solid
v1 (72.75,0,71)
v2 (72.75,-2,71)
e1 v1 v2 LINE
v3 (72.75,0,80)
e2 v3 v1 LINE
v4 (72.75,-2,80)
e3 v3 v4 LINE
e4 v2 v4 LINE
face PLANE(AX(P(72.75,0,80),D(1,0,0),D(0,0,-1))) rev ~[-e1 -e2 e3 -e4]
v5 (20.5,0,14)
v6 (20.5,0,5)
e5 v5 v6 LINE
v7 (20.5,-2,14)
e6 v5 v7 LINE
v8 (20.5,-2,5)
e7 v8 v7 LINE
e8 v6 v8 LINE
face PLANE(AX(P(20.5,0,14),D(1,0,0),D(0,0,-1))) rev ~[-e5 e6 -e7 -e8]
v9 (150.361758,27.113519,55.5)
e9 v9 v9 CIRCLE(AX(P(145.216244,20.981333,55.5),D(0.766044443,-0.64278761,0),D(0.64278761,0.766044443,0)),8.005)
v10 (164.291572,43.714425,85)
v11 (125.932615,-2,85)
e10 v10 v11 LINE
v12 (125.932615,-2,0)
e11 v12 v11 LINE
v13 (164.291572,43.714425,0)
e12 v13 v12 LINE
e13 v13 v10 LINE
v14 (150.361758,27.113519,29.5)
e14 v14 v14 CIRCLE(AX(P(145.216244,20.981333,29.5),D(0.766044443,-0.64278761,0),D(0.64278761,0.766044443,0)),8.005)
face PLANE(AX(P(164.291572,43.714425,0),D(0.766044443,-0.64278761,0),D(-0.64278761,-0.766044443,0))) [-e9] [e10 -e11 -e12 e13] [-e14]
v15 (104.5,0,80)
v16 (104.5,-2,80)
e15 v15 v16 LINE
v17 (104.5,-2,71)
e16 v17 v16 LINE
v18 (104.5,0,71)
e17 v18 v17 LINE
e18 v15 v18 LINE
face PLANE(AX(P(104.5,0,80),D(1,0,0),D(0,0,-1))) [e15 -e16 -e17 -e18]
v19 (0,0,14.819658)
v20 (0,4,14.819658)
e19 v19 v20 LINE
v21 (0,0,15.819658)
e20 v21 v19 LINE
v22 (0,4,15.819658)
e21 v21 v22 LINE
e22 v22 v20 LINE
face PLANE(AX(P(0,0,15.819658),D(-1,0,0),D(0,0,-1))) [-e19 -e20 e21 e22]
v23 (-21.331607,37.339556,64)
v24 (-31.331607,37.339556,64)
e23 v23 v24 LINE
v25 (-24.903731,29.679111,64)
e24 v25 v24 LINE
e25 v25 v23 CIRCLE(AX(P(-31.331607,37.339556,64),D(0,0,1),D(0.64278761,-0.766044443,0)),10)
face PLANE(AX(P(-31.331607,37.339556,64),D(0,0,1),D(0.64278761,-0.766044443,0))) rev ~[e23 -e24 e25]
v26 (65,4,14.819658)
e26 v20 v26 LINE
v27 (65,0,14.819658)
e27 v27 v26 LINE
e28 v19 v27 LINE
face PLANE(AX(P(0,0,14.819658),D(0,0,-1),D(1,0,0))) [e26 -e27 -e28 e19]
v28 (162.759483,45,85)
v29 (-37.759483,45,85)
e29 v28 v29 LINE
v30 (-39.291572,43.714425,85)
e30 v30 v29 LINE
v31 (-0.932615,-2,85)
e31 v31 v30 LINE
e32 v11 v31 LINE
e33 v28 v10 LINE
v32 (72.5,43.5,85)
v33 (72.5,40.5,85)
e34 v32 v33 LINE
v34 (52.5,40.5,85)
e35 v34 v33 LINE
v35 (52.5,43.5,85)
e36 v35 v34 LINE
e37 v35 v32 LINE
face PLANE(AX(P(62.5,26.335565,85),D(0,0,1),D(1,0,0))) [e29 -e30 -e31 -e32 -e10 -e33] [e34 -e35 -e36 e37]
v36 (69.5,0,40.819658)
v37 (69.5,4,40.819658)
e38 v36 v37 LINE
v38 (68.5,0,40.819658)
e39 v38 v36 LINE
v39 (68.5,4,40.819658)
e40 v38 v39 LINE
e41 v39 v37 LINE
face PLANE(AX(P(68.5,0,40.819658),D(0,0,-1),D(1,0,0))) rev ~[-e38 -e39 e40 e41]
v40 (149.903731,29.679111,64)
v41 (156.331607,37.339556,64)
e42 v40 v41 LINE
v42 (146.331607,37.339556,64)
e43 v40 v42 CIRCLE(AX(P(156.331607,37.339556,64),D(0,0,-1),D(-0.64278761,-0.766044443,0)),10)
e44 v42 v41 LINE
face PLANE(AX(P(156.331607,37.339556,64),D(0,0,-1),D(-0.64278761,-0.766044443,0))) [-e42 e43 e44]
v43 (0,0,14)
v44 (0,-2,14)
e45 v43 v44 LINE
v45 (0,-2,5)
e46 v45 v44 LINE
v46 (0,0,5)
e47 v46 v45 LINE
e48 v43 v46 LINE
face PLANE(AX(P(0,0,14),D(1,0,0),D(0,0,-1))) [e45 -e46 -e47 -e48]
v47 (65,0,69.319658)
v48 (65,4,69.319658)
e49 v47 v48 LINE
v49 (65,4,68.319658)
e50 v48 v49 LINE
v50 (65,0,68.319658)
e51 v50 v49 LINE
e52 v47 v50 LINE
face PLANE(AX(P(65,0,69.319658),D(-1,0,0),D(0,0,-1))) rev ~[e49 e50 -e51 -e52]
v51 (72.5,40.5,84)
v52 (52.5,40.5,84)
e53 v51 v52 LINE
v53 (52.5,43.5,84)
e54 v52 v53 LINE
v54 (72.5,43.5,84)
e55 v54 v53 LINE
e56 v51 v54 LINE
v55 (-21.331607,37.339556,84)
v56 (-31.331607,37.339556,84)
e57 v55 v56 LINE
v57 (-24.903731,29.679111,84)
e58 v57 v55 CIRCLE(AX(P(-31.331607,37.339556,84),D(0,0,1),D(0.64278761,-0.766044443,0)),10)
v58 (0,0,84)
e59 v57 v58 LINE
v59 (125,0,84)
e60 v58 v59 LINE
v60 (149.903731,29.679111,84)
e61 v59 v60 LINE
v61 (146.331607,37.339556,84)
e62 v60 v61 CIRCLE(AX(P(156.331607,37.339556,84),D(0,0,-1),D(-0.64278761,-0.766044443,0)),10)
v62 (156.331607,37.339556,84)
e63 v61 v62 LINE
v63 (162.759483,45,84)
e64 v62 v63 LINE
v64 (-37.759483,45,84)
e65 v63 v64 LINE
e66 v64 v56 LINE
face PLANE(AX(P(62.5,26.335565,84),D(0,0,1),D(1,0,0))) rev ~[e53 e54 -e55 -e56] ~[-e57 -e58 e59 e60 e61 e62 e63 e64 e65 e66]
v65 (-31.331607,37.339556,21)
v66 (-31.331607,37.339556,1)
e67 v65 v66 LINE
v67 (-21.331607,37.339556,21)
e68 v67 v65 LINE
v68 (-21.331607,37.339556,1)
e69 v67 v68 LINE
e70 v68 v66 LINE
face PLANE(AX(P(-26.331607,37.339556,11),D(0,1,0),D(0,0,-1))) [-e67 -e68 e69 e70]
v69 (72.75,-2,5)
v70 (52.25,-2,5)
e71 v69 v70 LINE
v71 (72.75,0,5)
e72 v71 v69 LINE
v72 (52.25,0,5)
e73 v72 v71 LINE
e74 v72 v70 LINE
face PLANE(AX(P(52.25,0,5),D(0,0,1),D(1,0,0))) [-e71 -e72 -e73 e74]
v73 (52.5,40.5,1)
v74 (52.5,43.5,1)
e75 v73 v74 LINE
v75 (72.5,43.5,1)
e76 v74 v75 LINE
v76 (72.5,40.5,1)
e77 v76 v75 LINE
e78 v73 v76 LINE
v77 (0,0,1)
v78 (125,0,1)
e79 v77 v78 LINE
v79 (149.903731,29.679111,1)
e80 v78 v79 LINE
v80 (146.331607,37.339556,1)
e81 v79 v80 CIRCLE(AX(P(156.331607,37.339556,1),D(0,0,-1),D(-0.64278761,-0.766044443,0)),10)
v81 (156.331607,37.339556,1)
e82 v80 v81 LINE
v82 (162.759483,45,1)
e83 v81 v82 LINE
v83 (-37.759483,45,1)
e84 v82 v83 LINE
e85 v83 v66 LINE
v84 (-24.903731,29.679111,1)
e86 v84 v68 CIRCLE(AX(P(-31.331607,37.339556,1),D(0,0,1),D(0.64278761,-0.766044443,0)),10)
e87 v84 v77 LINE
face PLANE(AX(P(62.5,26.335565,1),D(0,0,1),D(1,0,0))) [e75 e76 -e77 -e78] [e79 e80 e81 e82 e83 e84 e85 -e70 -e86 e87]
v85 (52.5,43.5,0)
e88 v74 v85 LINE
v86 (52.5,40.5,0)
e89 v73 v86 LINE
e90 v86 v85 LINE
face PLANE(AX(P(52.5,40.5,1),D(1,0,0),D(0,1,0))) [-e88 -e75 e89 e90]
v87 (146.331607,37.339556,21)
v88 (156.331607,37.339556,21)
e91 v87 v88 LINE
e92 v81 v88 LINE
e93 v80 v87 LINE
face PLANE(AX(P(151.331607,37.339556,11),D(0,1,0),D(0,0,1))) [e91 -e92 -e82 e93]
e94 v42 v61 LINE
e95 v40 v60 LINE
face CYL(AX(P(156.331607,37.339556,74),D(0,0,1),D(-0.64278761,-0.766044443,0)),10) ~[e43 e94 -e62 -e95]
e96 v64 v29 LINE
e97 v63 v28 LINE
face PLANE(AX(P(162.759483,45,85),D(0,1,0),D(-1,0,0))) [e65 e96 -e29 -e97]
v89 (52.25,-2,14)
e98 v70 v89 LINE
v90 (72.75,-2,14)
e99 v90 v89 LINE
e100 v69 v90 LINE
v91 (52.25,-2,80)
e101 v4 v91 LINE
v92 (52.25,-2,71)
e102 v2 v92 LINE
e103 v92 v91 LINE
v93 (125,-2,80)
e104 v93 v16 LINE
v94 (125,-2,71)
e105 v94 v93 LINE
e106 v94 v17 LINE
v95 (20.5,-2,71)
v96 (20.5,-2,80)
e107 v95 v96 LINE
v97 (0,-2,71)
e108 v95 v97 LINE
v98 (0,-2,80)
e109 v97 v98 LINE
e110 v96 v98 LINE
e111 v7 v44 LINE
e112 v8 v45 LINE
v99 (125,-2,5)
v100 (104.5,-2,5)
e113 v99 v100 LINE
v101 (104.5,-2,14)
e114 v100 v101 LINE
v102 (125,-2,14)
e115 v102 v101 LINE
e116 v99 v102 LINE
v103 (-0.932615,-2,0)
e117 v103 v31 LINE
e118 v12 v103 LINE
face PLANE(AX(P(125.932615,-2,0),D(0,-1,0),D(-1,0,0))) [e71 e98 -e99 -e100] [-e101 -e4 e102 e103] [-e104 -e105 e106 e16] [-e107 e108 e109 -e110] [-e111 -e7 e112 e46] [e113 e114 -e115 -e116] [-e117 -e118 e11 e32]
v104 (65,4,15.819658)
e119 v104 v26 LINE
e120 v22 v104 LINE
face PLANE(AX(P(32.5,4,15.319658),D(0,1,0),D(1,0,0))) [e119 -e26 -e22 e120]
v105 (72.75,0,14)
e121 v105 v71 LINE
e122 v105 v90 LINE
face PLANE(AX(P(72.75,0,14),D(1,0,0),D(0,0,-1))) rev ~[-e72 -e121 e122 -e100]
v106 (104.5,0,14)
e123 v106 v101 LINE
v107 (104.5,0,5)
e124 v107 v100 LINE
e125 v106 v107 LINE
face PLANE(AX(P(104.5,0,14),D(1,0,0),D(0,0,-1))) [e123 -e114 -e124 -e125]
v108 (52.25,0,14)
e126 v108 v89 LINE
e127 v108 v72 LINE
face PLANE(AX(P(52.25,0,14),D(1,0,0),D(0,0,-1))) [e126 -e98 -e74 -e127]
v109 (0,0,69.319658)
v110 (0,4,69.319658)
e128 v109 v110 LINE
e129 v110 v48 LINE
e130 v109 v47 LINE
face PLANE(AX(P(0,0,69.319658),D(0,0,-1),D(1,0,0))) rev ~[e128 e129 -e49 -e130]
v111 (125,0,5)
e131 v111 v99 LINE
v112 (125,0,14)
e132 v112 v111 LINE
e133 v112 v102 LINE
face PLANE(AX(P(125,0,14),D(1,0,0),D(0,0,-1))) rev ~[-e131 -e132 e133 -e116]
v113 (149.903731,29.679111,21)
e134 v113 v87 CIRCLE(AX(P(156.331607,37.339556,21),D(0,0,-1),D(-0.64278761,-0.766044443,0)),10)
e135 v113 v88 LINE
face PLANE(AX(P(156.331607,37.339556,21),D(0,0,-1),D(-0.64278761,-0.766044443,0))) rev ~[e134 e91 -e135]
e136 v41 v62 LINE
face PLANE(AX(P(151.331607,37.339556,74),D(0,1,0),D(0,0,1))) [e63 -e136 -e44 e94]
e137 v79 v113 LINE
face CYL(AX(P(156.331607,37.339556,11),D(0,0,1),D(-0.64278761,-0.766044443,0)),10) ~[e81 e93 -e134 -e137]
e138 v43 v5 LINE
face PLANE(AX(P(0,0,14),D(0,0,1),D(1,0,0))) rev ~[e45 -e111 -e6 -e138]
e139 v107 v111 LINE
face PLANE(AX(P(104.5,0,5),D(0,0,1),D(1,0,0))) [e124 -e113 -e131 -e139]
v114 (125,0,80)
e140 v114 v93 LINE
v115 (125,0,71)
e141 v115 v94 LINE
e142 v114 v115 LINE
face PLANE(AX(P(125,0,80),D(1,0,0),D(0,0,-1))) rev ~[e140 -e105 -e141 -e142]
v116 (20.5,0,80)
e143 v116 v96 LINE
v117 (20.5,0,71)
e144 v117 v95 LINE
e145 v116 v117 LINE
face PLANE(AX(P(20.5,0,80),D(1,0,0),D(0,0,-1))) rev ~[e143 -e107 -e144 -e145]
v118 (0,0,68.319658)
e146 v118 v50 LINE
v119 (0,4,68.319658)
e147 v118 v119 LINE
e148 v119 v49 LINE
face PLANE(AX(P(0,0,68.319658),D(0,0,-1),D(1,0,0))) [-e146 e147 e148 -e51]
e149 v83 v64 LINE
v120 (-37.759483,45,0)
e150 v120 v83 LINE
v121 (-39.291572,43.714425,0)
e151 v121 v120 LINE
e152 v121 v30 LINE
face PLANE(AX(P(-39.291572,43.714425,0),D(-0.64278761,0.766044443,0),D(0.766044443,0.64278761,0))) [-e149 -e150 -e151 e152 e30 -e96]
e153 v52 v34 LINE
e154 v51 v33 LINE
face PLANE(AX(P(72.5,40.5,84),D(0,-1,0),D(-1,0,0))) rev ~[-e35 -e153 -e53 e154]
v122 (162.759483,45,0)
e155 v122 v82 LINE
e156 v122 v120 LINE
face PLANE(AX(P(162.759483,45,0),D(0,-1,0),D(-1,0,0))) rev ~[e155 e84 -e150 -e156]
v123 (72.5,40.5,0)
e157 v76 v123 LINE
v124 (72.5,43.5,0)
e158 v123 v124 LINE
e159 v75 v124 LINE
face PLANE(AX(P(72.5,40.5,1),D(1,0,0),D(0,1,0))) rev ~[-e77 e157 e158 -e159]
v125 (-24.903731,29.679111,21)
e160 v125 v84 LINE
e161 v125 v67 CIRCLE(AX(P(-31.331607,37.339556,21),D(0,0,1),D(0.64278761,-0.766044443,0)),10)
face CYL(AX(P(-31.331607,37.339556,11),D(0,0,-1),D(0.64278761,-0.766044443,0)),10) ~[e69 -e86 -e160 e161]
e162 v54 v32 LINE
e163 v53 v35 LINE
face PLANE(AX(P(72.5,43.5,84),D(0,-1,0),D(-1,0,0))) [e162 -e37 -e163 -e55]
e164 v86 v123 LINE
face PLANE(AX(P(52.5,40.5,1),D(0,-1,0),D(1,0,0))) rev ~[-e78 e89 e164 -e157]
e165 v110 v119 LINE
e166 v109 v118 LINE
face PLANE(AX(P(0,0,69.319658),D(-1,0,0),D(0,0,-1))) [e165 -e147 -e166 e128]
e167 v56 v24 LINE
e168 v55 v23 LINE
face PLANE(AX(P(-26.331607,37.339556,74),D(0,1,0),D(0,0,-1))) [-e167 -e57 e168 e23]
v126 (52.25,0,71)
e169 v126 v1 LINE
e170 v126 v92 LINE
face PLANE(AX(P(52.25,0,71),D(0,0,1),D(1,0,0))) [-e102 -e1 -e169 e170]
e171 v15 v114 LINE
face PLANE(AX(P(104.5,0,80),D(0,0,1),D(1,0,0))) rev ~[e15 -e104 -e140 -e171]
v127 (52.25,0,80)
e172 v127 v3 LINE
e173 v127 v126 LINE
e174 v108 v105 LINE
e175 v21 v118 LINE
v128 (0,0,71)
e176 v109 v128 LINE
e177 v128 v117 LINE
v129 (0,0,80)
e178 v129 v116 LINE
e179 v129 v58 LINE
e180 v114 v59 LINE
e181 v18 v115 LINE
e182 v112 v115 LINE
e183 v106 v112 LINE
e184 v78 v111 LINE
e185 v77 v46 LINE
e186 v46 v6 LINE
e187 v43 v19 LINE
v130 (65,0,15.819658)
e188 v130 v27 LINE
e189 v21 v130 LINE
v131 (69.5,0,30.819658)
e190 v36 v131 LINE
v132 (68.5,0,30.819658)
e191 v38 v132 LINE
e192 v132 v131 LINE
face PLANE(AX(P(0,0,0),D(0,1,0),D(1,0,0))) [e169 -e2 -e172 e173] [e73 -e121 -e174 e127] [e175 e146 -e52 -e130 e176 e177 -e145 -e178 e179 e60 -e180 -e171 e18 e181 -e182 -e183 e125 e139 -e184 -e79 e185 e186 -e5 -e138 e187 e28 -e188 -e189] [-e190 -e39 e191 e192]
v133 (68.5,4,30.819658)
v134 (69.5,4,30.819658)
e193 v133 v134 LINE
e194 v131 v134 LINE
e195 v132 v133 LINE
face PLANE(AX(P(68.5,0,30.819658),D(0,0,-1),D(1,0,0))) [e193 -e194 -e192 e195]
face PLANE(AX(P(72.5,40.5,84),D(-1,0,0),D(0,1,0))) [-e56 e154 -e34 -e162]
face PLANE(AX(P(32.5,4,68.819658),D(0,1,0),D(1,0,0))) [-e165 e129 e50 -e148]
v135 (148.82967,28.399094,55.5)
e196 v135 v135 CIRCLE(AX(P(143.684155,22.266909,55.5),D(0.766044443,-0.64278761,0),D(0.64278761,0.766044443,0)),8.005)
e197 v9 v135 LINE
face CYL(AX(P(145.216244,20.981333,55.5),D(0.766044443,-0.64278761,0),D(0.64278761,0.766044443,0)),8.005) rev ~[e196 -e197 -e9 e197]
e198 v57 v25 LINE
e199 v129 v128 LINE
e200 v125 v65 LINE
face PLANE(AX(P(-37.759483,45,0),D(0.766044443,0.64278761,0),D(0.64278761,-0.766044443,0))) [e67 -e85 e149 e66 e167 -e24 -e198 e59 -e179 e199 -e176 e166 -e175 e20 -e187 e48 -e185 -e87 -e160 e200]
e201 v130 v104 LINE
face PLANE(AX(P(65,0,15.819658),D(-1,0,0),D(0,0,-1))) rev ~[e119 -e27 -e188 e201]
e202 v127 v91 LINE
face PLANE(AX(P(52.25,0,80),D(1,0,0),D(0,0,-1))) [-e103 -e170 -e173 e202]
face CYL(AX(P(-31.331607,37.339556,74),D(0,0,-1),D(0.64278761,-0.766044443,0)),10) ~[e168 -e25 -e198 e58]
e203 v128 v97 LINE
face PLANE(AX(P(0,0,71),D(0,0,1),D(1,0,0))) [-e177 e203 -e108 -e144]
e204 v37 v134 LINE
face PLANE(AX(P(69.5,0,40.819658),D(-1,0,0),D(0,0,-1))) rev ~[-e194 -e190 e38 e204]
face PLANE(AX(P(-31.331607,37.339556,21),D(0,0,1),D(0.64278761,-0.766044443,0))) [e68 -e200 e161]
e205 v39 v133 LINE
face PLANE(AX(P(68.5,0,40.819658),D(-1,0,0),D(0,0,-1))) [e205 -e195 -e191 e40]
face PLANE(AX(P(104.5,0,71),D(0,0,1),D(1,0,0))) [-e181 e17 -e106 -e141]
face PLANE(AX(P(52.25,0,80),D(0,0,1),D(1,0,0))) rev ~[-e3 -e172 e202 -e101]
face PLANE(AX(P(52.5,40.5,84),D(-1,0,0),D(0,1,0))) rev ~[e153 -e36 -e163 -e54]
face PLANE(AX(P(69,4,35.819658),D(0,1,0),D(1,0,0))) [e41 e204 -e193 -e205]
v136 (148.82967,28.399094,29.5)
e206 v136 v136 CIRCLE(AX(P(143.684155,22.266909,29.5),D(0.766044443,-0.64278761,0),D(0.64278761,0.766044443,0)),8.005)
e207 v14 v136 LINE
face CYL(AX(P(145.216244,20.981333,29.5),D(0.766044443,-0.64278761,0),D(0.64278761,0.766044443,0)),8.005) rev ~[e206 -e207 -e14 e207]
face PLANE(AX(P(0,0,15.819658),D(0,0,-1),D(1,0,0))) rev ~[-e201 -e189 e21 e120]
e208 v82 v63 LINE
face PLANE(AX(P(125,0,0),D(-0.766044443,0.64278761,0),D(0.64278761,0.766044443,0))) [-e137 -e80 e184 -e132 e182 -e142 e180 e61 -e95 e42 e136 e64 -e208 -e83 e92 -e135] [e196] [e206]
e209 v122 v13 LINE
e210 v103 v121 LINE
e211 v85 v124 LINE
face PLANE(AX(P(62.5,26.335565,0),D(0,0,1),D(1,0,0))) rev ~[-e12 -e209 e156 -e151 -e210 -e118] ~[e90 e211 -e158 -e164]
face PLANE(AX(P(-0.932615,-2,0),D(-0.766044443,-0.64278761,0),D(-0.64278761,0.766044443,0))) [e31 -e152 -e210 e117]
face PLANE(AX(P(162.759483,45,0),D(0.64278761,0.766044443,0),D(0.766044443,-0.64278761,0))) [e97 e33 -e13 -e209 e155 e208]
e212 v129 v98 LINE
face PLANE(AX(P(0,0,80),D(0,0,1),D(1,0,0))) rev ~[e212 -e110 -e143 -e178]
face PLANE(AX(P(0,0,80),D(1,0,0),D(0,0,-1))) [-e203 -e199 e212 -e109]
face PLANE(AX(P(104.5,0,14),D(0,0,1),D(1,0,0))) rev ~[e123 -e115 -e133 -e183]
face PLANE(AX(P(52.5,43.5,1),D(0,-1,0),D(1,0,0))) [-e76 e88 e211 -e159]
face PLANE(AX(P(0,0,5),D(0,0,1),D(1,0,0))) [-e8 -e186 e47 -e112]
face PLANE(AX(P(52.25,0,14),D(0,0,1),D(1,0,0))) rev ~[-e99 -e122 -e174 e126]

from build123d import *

# Parameters (mm, degrees)
EXTRU_MINCE1_DEPTH      = 85
BOSS_EXTRU_1_DEPTH      = 1
BOSS_EXTRU_2_DEPTH      = 1
ESQUISSE7_W             = 20
ESQUISSE7_H             = 10
R_VOL_MINCE1_ANGLE      = 50
ESQUISSE8_W             = 20
ESQUISSE8_H             = 10
R_VOL_MINCE2_ANGLE      = 50
ESQUISSE9_W             = 20
ESQUISSE9_H             = 10
R_VOL_MINCE3_ANGLE      = 50
ESQUISSE10_W            = 20
ESQUISSE10_H            = 10
R_VOL_MINCE4_ANGLE      = 50
ESQUISSE12_W            = 20.5
ESQUISSE12_H            = 9
ENL_V_MAT_EXTRU_2_DEPTH = 10
ESQUISSE13_W            = 20.5
ESQUISSE13_H            = 9
ENL_V_MAT_EXTRU_3_DEPTH = 10
ESQUISSE14_W            = 65
ESQUISSE14_H            = 1
EXTRU_MINCE2_DEPTH      = 4
ESQUISSE15_W            = 1
ESQUISSE15_H            = 10
EXTRU_MINCE3_DEPTH      = 4
ESQUISSE16_W            = 20
ESQUISSE16_H            = 3
ENL_V_MAT_EXTRU_4_DEPTH = 10
ESQUISSE17_W            = 20
ESQUISSE17_H            = 3
ENL_V_MAT_EXTRU_5_DEPTH = 10
ESQUISSE19_R            = 8.005
ENL_V_MAT_EXTRU_6_DEPTH = 10


with BuildPart() as part:
    # Esquisse3 → Extru.-Mince1 (new body)
    with BuildSketch(Plane.XY):
        Polygon((-37.759483403, 45), (0, 0), (125, 0), (162.759483403, 45), (164.291572289, 43.714424781), (125.932615316, -2), (-0.932615316, -2), (-39.291572289, 43.714424781), align=None)
    extrude(amount=EXTRU_MINCE1_DEPTH)

    # Esquisse5 → Boss.-Extru.1 (add)
    with BuildSketch(Plane(origin=(0, 0, 0), x_dir=(-1, 0, 0), z_dir=(0, 0, -1))):
        Polygon((-162.759483403, 45), (37.759483403, 45), (0, 0), (-125, 0), align=None)
    extrude(amount=-BOSS_EXTRU_1_DEPTH)

    # Esquisse6 → Boss.-Extru.2 (add)
    with BuildSketch(Plane.XY.offset(85)):
        Polygon((162.759483403, 45), (-37.759483403, 45), (0, 0), (125, 0), align=None)
    extrude(amount=-BOSS_EXTRU_2_DEPTH)

    # Esquisse7 → Révol.-Mince1 (revolve)
    with BuildSketch(Plane(origin=(0, 0, 0), x_dir=(0, 0, -1), z_dir=(0.7660444431189791, 0.642787609686538, 0))):
        with Locations((-74, 43.74332802)):
            Rectangle(ESQUISSE7_W, ESQUISSE7_H)
    revolve(axis=Axis((-31.331607306, 37.339555569, 84), (0, 0, 1)), revolution_arc=R_VOL_MINCE1_ANGLE)

    # Esquisse8 → Révol.-Mince2 (revolve)
    with BuildSketch(Plane(origin=(0, 0, 0), x_dir=(0, 0, -1), z_dir=(0.7660444431189791, 0.642787609686538, 0))):
        with Locations((-11, 43.74332802)):
            Rectangle(ESQUISSE8_W, ESQUISSE8_H)
    revolve(axis=Axis((-31.331607306, 37.339555569, 1), (0, 0, 1)), revolution_arc=R_VOL_MINCE2_ANGLE)

    # Esquisse9 → Révol.-Mince3 (revolve)
    with BuildSketch(Plane(origin=(73.353011104, -61.550484563, 0), x_dir=(0, 0, 1), z_dir=(-0.7660444431189796, 0.6427876096865375, 0))):
        with Locations((74, 124.091779231)):
            Rectangle(ESQUISSE9_W, ESQUISSE9_H)
    revolve(axis=Axis((156.331607306, 37.339555569, 84), (0, 0, -1)), revolution_arc=R_VOL_MINCE3_ANGLE)

    # Esquisse10 → Révol.-Mince4 (revolve)
    with BuildSketch(Plane(origin=(73.353011104, -61.550484563, 0), x_dir=(0, 0, 1), z_dir=(-0.7660444431189796, 0.6427876096865375, 0))):
        with Locations((11, 124.091779231)):
            Rectangle(ESQUISSE10_W, ESQUISSE10_H)
    revolve(axis=Axis((156.331607306, 37.339555569, 1), (0, 0, -1)), revolution_arc=R_VOL_MINCE4_ANGLE)

    # Esquisse12 → Enlèv. mat.-Extru.2 (cut)
    with BuildSketch(Plane(origin=(0, 0, 0), x_dir=(1, 0, 0), z_dir=(0, 1, 0))):
        with Locations((10.25, -9.5)):
            Rectangle(ESQUISSE12_W, ESQUISSE12_H)
        with Locations((10.25, -75.5)):
            Rectangle(ESQUISSE12_W, ESQUISSE12_H)
        with Locations((114.75, -9.5)):
            Rectangle(ESQUISSE12_W, ESQUISSE12_H)
        with Locations((114.75, -75.5)):
            Rectangle(ESQUISSE12_W, ESQUISSE12_H)
    extrude(amount=-ENL_V_MAT_EXTRU_2_DEPTH, mode=Mode.SUBTRACT)

    # Esquisse13 → Enlèv. mat.-Extru.3 (cut)
    with BuildSketch(Plane(origin=(0, 0, 0), x_dir=(1, 0, 0), z_dir=(0, 1, 0))):
        with Locations((62.5, -9.5)):
            Rectangle(ESQUISSE13_W, ESQUISSE13_H)
        with Locations((62.5, -75.5)):
            Rectangle(ESQUISSE13_W, ESQUISSE13_H)
    extrude(amount=-ENL_V_MAT_EXTRU_3_DEPTH, mode=Mode.SUBTRACT)

    # Esquisse14 → Extru.-Mince2 (add)
    with BuildSketch(Plane(origin=(0, 0, 0), x_dir=(1, 0, 0), z_dir=(0, 1, 0))):
        with Locations((32.5, -15.319657918)):
            Rectangle(ESQUISSE14_W, ESQUISSE14_H)
        with Locations((32.5, -68.819657918)):
            Rectangle(ESQUISSE14_W, ESQUISSE14_H)
    extrude(amount=EXTRU_MINCE2_DEPTH)

    # Esquisse15 → Extru.-Mince3 (add)
    with BuildSketch(Plane(origin=(0, 0, 0), x_dir=(1, 0, 0), z_dir=(0, 1, 0))):
        with Locations((69, -35.819657918)):
            Rectangle(ESQUISSE15_W, ESQUISSE15_H)
    extrude(amount=EXTRU_MINCE3_DEPTH)

    # Esquisse16 → Enlèv. mat.-Extru.4 (cut)
    with BuildSketch(Plane.XY.offset(1)):
        with Locations((62.5, 42)):
            Rectangle(ESQUISSE16_W, ESQUISSE16_H)
    extrude(amount=-ENL_V_MAT_EXTRU_4_DEPTH, mode=Mode.SUBTRACT)

    # Esquisse17 → Enlèv. mat.-Extru.5 (cut)
    with BuildSketch(Plane(origin=(0, 0, 84), x_dir=(-1, 0, 0), z_dir=(0, 0, -1))):
        with Locations((-62.5, 42)):
            Rectangle(ESQUISSE17_W, ESQUISSE17_H)
    extrude(amount=-ENL_V_MAT_EXTRU_5_DEPTH, mode=Mode.SUBTRACT)

    # Esquisse19 → Enlèv. mat.-Extru.6 (cut)
    with BuildSketch(Plane(origin=(74.88509999, -62.836059783, 0), x_dir=(0, 0, -1), z_dir=(0.7660444431189799, -0.6427876096865373, 0))):
        with Locations(Location((-29.5, 109.415835895, 0), (0, 0, 90))):
            Circle(ESQUISSE19_R)
        with Locations(Location((-55.5, 109.415835895, 0), (0, 0, 90))):
            Circle(ESQUISSE19_R)
    extrude(amount=-ENL_V_MAT_EXTRU_6_DEPTH, mode=Mode.SUBTRACT)


solid = part.part
